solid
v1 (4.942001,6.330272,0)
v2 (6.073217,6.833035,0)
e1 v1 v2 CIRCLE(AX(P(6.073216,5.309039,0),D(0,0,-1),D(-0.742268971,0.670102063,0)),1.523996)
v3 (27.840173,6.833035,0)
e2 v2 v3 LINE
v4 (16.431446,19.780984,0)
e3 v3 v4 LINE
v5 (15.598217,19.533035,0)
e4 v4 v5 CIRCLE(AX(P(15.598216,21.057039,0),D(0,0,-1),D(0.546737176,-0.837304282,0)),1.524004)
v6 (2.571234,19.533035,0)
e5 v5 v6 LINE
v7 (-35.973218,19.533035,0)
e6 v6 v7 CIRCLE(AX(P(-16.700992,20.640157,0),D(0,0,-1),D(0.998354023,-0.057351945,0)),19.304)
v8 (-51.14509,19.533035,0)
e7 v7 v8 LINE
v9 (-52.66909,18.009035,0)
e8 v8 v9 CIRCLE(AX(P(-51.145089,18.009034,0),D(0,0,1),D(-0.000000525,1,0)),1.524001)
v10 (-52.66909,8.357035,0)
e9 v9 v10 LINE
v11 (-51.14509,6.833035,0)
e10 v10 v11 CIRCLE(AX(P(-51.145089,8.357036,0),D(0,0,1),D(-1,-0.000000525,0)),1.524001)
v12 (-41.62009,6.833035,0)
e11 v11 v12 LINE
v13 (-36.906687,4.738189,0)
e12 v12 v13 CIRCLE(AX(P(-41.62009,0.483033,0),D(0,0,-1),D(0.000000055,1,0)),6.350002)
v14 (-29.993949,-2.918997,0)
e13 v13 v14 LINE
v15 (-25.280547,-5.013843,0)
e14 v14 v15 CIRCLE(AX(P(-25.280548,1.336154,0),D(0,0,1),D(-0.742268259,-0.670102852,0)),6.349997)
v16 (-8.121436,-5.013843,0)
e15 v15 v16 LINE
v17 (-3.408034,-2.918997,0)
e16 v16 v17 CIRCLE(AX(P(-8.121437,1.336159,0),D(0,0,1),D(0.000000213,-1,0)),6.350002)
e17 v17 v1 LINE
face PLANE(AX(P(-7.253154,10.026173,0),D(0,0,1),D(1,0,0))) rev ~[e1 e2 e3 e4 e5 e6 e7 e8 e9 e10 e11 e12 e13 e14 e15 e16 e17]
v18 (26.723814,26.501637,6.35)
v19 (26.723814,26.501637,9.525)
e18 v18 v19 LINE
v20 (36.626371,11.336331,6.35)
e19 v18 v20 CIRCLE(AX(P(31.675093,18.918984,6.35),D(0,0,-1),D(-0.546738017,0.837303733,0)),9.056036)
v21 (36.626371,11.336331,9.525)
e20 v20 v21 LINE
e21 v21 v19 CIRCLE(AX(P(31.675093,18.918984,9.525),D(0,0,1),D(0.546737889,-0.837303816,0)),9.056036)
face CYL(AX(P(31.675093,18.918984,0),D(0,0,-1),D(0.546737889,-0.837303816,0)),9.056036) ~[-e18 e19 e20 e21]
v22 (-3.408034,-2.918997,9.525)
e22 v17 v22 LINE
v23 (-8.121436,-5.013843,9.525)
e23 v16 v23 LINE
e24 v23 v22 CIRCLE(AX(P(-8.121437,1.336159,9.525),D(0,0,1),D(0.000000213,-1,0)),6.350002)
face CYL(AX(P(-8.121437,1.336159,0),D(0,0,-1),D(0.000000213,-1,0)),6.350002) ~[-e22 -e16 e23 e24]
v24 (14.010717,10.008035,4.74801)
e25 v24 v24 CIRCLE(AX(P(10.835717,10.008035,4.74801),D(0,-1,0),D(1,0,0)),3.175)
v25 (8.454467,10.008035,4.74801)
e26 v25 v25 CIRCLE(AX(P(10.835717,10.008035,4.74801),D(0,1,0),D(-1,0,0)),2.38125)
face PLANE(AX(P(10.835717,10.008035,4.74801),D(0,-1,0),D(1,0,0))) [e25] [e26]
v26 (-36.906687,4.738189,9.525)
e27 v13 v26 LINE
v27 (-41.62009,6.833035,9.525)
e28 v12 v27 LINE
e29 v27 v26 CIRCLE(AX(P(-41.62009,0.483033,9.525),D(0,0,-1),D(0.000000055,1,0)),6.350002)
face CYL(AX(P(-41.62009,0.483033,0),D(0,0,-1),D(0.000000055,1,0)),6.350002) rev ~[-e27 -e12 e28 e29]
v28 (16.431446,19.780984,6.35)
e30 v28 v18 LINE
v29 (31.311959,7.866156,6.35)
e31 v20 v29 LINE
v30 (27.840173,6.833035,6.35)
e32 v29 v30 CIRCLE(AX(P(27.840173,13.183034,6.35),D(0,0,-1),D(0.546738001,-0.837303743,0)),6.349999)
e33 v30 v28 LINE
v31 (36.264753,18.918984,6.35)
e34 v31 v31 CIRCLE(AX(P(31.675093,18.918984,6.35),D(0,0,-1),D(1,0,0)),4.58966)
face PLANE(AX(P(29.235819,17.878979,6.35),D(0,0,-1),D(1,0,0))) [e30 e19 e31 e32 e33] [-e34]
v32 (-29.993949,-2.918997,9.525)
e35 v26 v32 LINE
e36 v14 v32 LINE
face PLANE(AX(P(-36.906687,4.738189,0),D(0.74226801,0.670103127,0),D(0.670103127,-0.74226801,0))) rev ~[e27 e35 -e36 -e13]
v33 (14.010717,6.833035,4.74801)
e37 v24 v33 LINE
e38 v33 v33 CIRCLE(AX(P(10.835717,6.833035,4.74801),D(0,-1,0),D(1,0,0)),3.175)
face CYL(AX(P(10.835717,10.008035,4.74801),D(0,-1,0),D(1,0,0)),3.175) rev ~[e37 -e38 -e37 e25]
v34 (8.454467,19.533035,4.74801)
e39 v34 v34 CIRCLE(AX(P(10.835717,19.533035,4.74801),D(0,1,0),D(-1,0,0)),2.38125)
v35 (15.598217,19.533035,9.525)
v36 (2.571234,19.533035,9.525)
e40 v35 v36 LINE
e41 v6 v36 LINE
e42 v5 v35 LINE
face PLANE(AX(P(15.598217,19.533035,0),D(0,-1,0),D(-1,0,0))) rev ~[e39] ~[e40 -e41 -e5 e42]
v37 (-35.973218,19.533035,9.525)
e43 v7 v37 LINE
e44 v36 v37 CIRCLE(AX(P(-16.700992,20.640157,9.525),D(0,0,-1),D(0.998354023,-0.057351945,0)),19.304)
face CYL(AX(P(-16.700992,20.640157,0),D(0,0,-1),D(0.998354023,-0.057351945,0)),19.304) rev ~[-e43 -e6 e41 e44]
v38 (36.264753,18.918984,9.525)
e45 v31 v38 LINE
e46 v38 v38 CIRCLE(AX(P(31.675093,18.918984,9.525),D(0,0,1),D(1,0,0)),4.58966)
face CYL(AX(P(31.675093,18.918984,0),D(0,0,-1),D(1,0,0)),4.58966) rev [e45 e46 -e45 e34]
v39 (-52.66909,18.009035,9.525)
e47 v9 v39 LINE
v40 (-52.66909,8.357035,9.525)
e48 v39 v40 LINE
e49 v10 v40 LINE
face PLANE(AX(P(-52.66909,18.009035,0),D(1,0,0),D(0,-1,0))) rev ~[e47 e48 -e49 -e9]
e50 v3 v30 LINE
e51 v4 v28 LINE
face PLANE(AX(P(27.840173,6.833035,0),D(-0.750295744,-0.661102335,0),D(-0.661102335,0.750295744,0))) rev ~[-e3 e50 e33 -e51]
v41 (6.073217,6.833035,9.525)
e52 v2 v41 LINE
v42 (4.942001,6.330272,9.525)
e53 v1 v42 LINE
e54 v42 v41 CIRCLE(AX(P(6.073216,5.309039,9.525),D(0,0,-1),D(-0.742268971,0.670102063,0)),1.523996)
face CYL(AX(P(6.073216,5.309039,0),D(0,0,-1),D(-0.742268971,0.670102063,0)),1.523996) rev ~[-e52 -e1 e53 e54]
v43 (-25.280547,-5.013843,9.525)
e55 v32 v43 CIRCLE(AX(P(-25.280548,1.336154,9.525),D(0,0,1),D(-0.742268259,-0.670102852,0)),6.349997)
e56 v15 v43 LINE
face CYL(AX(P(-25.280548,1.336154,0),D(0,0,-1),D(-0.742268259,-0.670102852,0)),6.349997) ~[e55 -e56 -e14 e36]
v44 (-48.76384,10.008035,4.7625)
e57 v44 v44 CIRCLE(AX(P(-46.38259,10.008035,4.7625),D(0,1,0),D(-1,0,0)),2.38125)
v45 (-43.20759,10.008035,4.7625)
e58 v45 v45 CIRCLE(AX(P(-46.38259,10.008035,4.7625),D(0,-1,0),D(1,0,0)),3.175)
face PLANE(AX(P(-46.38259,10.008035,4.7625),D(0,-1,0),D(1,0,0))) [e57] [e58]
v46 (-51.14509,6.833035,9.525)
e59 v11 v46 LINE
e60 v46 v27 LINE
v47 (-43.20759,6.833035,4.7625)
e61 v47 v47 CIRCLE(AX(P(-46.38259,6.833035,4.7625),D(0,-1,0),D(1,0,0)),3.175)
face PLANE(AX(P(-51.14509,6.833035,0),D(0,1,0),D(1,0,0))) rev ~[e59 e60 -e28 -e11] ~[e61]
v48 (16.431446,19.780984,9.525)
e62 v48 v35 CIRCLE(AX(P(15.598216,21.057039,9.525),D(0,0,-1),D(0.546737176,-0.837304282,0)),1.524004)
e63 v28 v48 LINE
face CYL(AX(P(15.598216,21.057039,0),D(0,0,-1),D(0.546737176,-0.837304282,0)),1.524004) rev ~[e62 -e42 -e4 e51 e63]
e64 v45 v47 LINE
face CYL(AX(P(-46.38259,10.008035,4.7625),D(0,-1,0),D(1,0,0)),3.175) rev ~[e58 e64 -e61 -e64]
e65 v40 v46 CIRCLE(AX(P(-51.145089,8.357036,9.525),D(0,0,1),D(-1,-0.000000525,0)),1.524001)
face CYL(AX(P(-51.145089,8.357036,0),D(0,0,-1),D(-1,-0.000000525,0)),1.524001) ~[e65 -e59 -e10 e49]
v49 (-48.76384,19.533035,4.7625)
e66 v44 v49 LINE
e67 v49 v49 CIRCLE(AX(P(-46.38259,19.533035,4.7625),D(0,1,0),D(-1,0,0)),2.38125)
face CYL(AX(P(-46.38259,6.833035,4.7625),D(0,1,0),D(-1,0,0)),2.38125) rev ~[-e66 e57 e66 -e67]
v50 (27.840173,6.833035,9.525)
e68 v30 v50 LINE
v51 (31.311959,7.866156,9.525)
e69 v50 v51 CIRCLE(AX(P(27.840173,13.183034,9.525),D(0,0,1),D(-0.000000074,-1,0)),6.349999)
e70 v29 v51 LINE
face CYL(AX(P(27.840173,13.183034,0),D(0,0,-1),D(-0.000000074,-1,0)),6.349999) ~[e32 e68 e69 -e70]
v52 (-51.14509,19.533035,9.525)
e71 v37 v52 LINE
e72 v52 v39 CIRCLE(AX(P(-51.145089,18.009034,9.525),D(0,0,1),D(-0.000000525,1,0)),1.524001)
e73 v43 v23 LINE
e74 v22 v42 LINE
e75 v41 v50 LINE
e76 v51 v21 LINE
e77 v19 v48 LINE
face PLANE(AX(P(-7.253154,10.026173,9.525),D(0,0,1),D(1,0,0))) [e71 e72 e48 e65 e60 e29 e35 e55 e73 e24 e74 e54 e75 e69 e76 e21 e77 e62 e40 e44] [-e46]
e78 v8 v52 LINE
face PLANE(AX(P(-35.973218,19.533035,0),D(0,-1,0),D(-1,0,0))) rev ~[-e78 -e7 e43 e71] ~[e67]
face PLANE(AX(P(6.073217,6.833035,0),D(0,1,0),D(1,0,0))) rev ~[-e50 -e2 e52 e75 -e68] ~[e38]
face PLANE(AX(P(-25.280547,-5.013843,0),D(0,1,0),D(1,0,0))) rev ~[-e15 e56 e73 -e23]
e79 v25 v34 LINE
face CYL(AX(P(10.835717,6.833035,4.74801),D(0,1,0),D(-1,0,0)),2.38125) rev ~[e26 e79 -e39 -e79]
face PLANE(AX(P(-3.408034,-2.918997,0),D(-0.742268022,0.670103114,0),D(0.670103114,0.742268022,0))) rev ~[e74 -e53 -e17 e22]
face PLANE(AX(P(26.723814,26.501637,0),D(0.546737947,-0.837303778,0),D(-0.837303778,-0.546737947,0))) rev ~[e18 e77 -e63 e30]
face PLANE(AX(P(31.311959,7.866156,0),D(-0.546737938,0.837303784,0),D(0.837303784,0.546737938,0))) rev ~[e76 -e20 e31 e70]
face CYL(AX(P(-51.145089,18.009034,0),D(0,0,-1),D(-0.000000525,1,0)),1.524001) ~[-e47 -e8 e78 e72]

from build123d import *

# Parameters (mm, degrees)
F0_R           = 4.58966
F1_DEPTH       = 9.525
F2_R           = 4.58966
F3_DEPTH       = 6.35
F5_D           = 4.7625
F5_DEPTH       = 12.7
F5_CBORE_D     = 6.35
F5_CBORE_DEPTH = 3.175


with BuildPart() as f1:
    # F0 (on Top) → F1 (new body)
    with BuildSketch(Plane.XY):
        with BuildLine():
            Line((31.311959, 7.866156), (36.626371, 11.336331))
            ThreePointArc((36.626371, 11.336331), (39.257746, 23.870263), (26.723814, 26.501637))
            Line((26.723814, 26.501637), (16.431446, 19.780984))
            ThreePointArc((16.431446, 19.780984), (16.032886, 19.596337), (15.598217, 19.533035))
            Line((15.598217, 19.533035), (2.571234, 19.533035))
            ThreePointArc((2.571234, 19.533035), (-16.700992, 1.336157), (-35.973218, 19.533035))
            Line((-35.973218, 19.533035), (-51.14509, 19.533035))
            ThreePointArc((-51.14509, 19.533035), (-52.22272, 19.086666), (-52.66909, 18.009035))
            Line((-52.66909, 18.009035), (-52.66909, 8.357035))
            ThreePointArc((-52.66909, 8.357035), (-52.22272, 7.279404), (-51.14509, 6.833035))
            Line((-51.14509, 6.833035), (-41.62009, 6.833035))
            ThreePointArc((-41.62009, 6.833035), (-39.04111, 6.285738), (-36.906687, 4.738189))
            Line((-36.906687, 4.738189), (-29.993949, -2.918997))
            ThreePointArc((-29.993949, -2.918997), (-27.859527, -4.466546), (-25.280547, -5.013843))
            Line((-25.280547, -5.013843), (-8.121436, -5.013843))
            ThreePointArc((-8.121436, -5.013843), (-5.542457, -4.466546), (-3.408034, -2.918997))
            Line((-3.408034, -2.918997), (4.942001, 6.330272))
            ThreePointArc((4.942001, 6.330272), (5.454262, 6.701684), (6.073217, 6.833035))
            Line((6.073217, 6.833035), (27.840173, 6.833035))
            ThreePointArc((27.840173, 6.833035), (29.651294, 7.096793), (31.311959, 7.866156))
        make_face()
        with Locations((31.675093, 18.918984)):
            Circle(F0_R, mode=Mode.SUBTRACT)
    extrude(amount=F1_DEPTH)

    # F2 (on face) → F3 (cut)
    with BuildSketch(Plane(origin=(0, 0, 0), x_dir=(1, 0, 0), z_dir=(0, 0, -1))):
        with BuildLine():
            Line((27.840173, -6.833035), (16.431446, -19.780984))
            Line((16.431446, -19.780984), (26.723814, -26.501637))
            ThreePointArc((26.723814, -26.501637), (39.257746, -23.870263), (36.626371, -11.336331))
            Line((36.626371, -11.336331), (31.311959, -7.866156))
            ThreePointArc((31.311959, -7.866156), (29.651294, -7.096793), (27.840173, -6.833035))
        make_face()
        with Locations((31.675093, -18.918984)):
            Circle(F2_R, mode=Mode.SUBTRACT)
    extrude(amount=-F3_DEPTH, mode=Mode.SUBTRACT)

    # F5
    with Locations(Plane.XZ.offset(-6.833035)):
        with Locations((-46.38259, 4.7625), (10.835717, 4.74801)):
            CounterBoreHole(F5_D / 2, F5_CBORE_D / 2, F5_CBORE_DEPTH, depth=F5_DEPTH)


solid = f1.part
